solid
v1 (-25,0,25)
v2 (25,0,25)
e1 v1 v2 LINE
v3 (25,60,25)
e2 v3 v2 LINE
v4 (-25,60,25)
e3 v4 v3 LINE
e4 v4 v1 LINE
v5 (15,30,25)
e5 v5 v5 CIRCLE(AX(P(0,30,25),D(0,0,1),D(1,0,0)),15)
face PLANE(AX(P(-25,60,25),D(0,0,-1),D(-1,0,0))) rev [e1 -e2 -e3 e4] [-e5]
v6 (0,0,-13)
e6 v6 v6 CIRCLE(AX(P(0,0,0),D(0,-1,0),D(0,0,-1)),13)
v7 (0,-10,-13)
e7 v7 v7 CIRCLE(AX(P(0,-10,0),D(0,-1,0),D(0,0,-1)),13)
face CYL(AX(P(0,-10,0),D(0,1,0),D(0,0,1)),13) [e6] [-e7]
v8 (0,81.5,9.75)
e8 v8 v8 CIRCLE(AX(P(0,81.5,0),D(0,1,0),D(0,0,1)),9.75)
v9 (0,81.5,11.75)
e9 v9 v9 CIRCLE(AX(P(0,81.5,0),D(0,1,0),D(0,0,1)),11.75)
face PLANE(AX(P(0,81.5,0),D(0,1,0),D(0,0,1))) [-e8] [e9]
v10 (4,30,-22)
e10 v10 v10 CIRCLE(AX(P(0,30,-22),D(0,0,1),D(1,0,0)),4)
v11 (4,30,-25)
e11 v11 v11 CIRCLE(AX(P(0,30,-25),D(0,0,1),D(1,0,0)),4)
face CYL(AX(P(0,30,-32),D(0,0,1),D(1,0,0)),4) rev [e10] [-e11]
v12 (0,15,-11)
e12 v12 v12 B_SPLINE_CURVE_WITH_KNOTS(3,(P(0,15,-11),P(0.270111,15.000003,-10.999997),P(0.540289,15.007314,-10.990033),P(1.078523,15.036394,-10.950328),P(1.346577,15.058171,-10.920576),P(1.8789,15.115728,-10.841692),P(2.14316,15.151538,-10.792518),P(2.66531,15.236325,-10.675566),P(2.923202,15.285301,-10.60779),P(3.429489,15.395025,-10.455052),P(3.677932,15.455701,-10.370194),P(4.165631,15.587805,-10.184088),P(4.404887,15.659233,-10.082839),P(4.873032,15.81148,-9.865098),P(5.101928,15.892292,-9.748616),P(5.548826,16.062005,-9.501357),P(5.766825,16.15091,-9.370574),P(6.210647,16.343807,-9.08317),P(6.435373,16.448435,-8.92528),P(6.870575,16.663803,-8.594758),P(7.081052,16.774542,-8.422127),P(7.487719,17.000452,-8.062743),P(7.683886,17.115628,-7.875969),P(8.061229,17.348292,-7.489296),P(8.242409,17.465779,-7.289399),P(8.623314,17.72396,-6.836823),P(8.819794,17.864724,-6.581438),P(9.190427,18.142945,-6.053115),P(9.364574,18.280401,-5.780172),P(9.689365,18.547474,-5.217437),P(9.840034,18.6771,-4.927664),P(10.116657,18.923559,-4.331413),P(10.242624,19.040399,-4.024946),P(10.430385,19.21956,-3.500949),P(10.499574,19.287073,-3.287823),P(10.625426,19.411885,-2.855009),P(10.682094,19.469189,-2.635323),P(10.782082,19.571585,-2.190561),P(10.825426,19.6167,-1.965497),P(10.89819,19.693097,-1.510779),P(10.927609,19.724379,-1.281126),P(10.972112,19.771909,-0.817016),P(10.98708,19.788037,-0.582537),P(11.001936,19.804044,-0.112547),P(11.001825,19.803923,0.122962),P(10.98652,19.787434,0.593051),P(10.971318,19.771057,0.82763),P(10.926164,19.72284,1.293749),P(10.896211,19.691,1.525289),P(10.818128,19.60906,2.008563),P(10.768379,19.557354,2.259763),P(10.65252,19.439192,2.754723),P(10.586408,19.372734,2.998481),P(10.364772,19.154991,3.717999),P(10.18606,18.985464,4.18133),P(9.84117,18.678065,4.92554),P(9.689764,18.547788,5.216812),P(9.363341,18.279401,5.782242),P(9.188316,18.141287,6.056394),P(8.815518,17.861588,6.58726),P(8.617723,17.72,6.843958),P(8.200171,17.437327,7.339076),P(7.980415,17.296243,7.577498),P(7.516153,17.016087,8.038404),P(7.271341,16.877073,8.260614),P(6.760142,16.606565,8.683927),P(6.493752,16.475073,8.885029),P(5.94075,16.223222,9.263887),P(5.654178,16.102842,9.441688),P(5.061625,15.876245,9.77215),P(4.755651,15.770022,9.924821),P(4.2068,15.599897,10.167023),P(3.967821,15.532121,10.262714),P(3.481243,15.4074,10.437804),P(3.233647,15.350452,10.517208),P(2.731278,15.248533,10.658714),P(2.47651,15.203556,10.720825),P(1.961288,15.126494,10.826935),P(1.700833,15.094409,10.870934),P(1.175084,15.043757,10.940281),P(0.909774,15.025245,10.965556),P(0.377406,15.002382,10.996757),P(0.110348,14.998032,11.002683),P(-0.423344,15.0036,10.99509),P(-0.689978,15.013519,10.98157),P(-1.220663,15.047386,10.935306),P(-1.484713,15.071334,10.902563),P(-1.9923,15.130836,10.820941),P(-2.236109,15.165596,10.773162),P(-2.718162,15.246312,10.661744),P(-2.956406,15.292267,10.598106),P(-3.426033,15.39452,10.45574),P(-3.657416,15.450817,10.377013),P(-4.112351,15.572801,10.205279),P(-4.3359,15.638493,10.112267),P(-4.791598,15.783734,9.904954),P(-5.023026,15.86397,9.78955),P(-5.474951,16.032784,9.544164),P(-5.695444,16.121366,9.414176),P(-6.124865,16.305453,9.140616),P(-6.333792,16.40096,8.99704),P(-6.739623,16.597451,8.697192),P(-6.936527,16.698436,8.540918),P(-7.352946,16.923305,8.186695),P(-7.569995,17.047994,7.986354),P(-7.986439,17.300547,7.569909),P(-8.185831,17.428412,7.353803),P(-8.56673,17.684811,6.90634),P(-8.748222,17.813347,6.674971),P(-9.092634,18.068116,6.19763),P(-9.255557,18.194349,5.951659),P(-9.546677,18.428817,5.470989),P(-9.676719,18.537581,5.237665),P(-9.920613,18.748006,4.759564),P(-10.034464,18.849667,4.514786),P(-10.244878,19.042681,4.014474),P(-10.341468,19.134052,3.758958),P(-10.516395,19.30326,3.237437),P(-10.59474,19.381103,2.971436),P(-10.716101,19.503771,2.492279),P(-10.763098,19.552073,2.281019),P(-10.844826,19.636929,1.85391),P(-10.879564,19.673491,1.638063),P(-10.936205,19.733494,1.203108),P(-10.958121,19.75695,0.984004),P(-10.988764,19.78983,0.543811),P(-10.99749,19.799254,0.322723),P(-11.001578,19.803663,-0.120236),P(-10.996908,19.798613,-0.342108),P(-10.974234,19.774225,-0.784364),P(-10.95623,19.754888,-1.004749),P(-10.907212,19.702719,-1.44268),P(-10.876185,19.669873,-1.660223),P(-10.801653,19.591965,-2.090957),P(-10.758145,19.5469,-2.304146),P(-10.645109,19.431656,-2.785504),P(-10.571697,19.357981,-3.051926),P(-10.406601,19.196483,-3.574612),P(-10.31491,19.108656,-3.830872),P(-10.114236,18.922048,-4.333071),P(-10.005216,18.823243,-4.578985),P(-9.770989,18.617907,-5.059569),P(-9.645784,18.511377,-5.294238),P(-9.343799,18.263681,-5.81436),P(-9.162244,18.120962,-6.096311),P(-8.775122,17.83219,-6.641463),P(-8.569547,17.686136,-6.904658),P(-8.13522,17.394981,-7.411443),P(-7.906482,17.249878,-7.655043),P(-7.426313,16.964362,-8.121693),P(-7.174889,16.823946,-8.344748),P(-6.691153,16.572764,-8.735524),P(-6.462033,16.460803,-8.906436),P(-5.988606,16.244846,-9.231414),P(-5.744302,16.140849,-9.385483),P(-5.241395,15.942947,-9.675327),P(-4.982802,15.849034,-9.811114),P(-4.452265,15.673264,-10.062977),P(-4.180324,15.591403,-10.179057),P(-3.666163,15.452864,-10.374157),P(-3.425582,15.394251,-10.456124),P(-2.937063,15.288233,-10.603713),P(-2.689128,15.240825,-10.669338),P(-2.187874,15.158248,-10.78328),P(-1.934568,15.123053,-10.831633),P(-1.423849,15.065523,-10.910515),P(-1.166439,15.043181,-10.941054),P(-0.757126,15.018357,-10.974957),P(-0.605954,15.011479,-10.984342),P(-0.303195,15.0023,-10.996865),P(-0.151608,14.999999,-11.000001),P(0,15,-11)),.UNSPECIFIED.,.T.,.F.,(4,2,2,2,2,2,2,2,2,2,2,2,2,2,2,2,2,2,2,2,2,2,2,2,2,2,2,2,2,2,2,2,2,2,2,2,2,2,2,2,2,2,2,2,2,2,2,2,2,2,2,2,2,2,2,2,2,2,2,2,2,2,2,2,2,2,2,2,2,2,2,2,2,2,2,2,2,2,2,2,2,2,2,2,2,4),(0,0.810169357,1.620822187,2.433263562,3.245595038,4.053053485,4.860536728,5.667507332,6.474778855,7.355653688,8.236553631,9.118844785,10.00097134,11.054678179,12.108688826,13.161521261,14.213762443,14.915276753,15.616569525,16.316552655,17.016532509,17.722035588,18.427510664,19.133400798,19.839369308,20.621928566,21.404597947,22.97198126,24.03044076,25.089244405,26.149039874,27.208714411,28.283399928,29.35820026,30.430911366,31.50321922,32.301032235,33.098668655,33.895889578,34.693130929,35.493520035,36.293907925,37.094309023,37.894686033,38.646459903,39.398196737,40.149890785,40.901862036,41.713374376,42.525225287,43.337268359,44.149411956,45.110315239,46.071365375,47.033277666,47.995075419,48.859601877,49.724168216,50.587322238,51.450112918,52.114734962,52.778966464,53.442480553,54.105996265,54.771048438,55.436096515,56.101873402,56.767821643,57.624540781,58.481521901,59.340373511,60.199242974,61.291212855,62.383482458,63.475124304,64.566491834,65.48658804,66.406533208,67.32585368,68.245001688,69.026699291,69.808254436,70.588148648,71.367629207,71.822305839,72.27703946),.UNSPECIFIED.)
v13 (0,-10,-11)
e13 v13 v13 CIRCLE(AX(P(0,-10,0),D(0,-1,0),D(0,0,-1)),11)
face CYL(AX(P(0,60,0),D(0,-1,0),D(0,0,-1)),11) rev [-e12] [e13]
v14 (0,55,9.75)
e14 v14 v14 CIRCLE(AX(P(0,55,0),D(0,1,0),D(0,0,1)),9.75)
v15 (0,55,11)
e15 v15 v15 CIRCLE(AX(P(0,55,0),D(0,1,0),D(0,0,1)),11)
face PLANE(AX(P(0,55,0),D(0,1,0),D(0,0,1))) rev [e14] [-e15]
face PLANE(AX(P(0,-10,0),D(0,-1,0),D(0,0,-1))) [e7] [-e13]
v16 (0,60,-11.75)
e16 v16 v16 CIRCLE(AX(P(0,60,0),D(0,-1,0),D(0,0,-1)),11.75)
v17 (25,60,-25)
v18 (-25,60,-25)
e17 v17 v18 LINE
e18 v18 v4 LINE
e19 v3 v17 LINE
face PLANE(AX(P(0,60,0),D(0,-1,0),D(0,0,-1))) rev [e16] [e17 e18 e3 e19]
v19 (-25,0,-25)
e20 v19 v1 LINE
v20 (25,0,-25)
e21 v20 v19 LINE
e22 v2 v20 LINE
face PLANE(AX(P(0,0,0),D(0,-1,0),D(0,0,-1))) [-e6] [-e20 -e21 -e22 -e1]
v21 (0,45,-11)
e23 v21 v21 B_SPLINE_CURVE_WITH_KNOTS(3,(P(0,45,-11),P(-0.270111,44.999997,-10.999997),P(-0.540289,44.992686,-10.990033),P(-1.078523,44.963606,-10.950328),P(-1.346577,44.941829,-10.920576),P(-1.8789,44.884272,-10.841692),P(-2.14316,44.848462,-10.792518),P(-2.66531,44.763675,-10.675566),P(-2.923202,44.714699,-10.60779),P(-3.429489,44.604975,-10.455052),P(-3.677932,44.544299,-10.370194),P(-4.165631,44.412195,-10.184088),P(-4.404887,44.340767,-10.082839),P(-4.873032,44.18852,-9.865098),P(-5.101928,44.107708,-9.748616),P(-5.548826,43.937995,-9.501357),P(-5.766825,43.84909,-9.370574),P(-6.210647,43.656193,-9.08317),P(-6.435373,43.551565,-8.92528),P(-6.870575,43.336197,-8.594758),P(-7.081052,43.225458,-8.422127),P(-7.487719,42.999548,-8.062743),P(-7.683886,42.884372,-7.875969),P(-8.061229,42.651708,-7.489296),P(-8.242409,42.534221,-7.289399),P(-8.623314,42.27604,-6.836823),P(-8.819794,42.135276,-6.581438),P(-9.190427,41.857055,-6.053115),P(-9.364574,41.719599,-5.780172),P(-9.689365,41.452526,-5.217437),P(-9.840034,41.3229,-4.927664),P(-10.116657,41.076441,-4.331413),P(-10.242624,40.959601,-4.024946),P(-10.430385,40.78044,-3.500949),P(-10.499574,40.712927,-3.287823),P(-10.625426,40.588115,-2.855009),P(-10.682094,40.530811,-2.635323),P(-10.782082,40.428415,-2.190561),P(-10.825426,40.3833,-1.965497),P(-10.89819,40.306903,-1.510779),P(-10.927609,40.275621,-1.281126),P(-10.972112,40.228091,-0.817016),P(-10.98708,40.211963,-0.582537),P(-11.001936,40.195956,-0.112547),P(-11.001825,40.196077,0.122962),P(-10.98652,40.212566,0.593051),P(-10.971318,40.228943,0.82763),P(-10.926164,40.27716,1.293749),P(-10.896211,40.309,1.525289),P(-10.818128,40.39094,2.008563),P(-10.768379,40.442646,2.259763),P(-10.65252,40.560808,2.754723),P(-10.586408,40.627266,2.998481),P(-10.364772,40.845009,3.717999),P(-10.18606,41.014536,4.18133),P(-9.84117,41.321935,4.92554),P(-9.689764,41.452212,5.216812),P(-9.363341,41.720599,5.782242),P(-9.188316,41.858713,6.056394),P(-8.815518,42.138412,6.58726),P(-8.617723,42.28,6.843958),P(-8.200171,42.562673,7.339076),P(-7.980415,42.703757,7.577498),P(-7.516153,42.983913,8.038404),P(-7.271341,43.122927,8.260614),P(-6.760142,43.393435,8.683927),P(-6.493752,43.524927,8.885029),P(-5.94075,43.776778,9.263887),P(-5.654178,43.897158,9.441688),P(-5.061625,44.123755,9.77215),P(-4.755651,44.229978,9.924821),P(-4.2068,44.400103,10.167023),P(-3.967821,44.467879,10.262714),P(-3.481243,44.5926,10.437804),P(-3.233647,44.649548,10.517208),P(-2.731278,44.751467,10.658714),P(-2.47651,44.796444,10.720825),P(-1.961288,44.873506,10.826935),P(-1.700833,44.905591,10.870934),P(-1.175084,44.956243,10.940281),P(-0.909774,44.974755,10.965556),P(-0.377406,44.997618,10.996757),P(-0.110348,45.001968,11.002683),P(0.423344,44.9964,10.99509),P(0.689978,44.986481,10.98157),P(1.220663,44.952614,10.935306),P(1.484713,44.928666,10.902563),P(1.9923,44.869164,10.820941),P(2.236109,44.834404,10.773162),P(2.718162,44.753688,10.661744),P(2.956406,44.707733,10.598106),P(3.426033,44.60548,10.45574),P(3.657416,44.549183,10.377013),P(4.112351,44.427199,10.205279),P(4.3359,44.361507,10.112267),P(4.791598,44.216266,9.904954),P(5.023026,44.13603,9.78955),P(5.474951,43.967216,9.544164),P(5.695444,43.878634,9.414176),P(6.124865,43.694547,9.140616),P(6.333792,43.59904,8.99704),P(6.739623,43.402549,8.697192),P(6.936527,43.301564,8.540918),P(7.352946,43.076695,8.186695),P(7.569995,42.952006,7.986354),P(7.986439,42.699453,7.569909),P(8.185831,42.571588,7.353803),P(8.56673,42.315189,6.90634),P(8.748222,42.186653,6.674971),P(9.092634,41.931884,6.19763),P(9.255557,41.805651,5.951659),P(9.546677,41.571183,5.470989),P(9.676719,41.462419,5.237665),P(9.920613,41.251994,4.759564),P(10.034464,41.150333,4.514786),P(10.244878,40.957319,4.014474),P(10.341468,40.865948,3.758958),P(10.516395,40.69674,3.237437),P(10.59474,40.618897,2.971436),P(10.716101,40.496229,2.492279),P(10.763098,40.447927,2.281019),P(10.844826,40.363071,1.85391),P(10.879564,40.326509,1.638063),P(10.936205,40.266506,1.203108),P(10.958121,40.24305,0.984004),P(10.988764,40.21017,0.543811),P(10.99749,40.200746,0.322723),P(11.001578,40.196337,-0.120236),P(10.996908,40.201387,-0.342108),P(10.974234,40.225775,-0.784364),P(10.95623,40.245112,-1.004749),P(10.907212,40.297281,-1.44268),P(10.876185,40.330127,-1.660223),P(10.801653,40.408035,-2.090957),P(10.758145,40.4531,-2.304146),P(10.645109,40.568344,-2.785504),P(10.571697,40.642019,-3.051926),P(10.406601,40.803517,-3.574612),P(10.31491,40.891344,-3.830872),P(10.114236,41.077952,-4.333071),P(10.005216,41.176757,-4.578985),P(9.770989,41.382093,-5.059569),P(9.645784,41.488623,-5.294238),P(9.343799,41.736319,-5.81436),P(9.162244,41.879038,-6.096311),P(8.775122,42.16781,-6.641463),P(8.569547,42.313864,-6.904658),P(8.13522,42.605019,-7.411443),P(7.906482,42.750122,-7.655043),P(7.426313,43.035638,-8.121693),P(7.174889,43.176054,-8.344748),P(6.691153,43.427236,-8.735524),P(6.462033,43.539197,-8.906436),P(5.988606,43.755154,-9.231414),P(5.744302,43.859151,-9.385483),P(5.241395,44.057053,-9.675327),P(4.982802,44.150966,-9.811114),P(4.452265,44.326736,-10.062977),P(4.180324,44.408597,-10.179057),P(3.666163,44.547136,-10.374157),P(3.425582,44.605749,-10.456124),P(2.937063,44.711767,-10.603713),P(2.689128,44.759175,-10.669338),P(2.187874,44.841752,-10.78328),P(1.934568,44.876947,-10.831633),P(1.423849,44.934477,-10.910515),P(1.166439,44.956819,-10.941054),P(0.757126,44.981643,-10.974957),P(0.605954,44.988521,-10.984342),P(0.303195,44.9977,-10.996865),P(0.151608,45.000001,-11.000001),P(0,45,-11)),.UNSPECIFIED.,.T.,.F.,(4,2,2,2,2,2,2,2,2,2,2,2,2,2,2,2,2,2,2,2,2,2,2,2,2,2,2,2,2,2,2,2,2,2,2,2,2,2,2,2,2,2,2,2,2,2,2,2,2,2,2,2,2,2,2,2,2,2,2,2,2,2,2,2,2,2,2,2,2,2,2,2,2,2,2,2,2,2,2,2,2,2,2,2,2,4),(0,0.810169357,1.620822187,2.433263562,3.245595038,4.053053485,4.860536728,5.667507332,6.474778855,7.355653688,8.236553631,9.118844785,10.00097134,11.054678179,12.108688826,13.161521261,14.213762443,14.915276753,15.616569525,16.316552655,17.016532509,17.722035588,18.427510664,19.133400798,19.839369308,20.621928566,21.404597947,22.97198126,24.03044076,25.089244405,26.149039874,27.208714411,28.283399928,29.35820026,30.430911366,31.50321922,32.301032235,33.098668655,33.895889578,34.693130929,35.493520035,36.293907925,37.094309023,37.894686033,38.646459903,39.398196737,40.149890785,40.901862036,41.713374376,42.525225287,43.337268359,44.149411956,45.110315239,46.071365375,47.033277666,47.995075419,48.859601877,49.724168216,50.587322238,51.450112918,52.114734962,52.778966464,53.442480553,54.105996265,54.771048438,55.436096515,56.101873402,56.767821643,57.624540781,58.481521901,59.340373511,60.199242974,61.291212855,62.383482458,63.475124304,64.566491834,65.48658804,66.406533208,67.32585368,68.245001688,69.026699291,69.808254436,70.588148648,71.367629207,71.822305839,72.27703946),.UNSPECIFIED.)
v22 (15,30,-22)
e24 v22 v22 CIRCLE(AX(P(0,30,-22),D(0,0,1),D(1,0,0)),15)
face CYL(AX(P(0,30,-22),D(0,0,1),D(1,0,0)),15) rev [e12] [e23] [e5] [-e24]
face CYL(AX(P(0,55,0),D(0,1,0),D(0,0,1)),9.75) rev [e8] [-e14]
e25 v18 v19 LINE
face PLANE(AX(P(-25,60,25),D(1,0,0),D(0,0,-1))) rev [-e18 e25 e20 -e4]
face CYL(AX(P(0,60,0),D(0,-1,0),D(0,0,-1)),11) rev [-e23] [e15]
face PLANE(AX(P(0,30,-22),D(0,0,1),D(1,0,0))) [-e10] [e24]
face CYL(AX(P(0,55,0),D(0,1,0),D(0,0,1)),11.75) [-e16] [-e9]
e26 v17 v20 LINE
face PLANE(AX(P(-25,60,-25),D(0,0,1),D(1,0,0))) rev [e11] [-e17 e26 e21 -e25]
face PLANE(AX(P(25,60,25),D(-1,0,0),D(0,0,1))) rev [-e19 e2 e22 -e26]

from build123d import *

# Parameters (mm, degrees)
CROQUIS1_W                   = 50
CROQUIS1_H                   = 50
CROQUIS1_R                   = 11
SALIENTE_EXTRUIR1_DEPTH      = 60
CROQUIS3_R                   = 15
CORTAR_EXTRUIR1_DEPTH        = 47
CROQUIS4_R                   = 4
CORTAR_EXTRUIR2_DEPTH        = 10
CROQUIS5_R                   = 11.75
CROQUIS5_R_2                 = 9.75
SALIENTE_EXTRUIR3_DEPTH      = 21.5
SALIENTE_EXTRUIR3_DEPTH_BACK = 5
CROQUIS7_R                   = 13
CROQUIS7_R_2                 = 11
SALIENTE_EXTRUIR4_DEPTH      = 10


with BuildPart() as part:
    # Croquis1 → Saliente-Extruir1 (new body)
    with BuildSketch(Plane(origin=(0, 0, 0), x_dir=(1, 0, 0), z_dir=(0, 1, 0))):
        Rectangle(CROQUIS1_W, CROQUIS1_H)
        Circle(CROQUIS1_R, mode=Mode.SUBTRACT)
    extrude(amount=SALIENTE_EXTRUIR1_DEPTH)

    # Croquis3 → Cortar-Extruir1 (cut)
    with BuildSketch(Plane.XY.offset(25)):
        with Locations((0, 30)):
            Circle(CROQUIS3_R)
    extrude(amount=-CORTAR_EXTRUIR1_DEPTH, mode=Mode.SUBTRACT)

    # Croquis4 → Cortar-Extruir2 (cut)
    with BuildSketch(Plane.XY.offset(-22)):
        with Locations((0, 30)):
            Circle(CROQUIS4_R)
    extrude(amount=-CORTAR_EXTRUIR2_DEPTH, mode=Mode.SUBTRACT)

    # Croquis5 → Saliente-Extruir3 (add, two sides)
    with BuildSketch(Plane(origin=(0, 60, 0), x_dir=(1, 0, 0), z_dir=(0, 1, 0))) as saliente_extruir3_sk:
        Circle(CROQUIS5_R)
        Circle(CROQUIS5_R_2, mode=Mode.SUBTRACT)
    extrude(amount=SALIENTE_EXTRUIR3_DEPTH)
    extrude(saliente_extruir3_sk.sketch, amount=-SALIENTE_EXTRUIR3_DEPTH_BACK)

    # Croquis7 → Saliente-Extruir4 (add)
    with BuildSketch(Plane.XZ):
        Circle(CROQUIS7_R)
        Circle(CROQUIS7_R_2, mode=Mode.SUBTRACT)
    extrude(amount=SALIENTE_EXTRUIR4_DEPTH)


solid = part.part
